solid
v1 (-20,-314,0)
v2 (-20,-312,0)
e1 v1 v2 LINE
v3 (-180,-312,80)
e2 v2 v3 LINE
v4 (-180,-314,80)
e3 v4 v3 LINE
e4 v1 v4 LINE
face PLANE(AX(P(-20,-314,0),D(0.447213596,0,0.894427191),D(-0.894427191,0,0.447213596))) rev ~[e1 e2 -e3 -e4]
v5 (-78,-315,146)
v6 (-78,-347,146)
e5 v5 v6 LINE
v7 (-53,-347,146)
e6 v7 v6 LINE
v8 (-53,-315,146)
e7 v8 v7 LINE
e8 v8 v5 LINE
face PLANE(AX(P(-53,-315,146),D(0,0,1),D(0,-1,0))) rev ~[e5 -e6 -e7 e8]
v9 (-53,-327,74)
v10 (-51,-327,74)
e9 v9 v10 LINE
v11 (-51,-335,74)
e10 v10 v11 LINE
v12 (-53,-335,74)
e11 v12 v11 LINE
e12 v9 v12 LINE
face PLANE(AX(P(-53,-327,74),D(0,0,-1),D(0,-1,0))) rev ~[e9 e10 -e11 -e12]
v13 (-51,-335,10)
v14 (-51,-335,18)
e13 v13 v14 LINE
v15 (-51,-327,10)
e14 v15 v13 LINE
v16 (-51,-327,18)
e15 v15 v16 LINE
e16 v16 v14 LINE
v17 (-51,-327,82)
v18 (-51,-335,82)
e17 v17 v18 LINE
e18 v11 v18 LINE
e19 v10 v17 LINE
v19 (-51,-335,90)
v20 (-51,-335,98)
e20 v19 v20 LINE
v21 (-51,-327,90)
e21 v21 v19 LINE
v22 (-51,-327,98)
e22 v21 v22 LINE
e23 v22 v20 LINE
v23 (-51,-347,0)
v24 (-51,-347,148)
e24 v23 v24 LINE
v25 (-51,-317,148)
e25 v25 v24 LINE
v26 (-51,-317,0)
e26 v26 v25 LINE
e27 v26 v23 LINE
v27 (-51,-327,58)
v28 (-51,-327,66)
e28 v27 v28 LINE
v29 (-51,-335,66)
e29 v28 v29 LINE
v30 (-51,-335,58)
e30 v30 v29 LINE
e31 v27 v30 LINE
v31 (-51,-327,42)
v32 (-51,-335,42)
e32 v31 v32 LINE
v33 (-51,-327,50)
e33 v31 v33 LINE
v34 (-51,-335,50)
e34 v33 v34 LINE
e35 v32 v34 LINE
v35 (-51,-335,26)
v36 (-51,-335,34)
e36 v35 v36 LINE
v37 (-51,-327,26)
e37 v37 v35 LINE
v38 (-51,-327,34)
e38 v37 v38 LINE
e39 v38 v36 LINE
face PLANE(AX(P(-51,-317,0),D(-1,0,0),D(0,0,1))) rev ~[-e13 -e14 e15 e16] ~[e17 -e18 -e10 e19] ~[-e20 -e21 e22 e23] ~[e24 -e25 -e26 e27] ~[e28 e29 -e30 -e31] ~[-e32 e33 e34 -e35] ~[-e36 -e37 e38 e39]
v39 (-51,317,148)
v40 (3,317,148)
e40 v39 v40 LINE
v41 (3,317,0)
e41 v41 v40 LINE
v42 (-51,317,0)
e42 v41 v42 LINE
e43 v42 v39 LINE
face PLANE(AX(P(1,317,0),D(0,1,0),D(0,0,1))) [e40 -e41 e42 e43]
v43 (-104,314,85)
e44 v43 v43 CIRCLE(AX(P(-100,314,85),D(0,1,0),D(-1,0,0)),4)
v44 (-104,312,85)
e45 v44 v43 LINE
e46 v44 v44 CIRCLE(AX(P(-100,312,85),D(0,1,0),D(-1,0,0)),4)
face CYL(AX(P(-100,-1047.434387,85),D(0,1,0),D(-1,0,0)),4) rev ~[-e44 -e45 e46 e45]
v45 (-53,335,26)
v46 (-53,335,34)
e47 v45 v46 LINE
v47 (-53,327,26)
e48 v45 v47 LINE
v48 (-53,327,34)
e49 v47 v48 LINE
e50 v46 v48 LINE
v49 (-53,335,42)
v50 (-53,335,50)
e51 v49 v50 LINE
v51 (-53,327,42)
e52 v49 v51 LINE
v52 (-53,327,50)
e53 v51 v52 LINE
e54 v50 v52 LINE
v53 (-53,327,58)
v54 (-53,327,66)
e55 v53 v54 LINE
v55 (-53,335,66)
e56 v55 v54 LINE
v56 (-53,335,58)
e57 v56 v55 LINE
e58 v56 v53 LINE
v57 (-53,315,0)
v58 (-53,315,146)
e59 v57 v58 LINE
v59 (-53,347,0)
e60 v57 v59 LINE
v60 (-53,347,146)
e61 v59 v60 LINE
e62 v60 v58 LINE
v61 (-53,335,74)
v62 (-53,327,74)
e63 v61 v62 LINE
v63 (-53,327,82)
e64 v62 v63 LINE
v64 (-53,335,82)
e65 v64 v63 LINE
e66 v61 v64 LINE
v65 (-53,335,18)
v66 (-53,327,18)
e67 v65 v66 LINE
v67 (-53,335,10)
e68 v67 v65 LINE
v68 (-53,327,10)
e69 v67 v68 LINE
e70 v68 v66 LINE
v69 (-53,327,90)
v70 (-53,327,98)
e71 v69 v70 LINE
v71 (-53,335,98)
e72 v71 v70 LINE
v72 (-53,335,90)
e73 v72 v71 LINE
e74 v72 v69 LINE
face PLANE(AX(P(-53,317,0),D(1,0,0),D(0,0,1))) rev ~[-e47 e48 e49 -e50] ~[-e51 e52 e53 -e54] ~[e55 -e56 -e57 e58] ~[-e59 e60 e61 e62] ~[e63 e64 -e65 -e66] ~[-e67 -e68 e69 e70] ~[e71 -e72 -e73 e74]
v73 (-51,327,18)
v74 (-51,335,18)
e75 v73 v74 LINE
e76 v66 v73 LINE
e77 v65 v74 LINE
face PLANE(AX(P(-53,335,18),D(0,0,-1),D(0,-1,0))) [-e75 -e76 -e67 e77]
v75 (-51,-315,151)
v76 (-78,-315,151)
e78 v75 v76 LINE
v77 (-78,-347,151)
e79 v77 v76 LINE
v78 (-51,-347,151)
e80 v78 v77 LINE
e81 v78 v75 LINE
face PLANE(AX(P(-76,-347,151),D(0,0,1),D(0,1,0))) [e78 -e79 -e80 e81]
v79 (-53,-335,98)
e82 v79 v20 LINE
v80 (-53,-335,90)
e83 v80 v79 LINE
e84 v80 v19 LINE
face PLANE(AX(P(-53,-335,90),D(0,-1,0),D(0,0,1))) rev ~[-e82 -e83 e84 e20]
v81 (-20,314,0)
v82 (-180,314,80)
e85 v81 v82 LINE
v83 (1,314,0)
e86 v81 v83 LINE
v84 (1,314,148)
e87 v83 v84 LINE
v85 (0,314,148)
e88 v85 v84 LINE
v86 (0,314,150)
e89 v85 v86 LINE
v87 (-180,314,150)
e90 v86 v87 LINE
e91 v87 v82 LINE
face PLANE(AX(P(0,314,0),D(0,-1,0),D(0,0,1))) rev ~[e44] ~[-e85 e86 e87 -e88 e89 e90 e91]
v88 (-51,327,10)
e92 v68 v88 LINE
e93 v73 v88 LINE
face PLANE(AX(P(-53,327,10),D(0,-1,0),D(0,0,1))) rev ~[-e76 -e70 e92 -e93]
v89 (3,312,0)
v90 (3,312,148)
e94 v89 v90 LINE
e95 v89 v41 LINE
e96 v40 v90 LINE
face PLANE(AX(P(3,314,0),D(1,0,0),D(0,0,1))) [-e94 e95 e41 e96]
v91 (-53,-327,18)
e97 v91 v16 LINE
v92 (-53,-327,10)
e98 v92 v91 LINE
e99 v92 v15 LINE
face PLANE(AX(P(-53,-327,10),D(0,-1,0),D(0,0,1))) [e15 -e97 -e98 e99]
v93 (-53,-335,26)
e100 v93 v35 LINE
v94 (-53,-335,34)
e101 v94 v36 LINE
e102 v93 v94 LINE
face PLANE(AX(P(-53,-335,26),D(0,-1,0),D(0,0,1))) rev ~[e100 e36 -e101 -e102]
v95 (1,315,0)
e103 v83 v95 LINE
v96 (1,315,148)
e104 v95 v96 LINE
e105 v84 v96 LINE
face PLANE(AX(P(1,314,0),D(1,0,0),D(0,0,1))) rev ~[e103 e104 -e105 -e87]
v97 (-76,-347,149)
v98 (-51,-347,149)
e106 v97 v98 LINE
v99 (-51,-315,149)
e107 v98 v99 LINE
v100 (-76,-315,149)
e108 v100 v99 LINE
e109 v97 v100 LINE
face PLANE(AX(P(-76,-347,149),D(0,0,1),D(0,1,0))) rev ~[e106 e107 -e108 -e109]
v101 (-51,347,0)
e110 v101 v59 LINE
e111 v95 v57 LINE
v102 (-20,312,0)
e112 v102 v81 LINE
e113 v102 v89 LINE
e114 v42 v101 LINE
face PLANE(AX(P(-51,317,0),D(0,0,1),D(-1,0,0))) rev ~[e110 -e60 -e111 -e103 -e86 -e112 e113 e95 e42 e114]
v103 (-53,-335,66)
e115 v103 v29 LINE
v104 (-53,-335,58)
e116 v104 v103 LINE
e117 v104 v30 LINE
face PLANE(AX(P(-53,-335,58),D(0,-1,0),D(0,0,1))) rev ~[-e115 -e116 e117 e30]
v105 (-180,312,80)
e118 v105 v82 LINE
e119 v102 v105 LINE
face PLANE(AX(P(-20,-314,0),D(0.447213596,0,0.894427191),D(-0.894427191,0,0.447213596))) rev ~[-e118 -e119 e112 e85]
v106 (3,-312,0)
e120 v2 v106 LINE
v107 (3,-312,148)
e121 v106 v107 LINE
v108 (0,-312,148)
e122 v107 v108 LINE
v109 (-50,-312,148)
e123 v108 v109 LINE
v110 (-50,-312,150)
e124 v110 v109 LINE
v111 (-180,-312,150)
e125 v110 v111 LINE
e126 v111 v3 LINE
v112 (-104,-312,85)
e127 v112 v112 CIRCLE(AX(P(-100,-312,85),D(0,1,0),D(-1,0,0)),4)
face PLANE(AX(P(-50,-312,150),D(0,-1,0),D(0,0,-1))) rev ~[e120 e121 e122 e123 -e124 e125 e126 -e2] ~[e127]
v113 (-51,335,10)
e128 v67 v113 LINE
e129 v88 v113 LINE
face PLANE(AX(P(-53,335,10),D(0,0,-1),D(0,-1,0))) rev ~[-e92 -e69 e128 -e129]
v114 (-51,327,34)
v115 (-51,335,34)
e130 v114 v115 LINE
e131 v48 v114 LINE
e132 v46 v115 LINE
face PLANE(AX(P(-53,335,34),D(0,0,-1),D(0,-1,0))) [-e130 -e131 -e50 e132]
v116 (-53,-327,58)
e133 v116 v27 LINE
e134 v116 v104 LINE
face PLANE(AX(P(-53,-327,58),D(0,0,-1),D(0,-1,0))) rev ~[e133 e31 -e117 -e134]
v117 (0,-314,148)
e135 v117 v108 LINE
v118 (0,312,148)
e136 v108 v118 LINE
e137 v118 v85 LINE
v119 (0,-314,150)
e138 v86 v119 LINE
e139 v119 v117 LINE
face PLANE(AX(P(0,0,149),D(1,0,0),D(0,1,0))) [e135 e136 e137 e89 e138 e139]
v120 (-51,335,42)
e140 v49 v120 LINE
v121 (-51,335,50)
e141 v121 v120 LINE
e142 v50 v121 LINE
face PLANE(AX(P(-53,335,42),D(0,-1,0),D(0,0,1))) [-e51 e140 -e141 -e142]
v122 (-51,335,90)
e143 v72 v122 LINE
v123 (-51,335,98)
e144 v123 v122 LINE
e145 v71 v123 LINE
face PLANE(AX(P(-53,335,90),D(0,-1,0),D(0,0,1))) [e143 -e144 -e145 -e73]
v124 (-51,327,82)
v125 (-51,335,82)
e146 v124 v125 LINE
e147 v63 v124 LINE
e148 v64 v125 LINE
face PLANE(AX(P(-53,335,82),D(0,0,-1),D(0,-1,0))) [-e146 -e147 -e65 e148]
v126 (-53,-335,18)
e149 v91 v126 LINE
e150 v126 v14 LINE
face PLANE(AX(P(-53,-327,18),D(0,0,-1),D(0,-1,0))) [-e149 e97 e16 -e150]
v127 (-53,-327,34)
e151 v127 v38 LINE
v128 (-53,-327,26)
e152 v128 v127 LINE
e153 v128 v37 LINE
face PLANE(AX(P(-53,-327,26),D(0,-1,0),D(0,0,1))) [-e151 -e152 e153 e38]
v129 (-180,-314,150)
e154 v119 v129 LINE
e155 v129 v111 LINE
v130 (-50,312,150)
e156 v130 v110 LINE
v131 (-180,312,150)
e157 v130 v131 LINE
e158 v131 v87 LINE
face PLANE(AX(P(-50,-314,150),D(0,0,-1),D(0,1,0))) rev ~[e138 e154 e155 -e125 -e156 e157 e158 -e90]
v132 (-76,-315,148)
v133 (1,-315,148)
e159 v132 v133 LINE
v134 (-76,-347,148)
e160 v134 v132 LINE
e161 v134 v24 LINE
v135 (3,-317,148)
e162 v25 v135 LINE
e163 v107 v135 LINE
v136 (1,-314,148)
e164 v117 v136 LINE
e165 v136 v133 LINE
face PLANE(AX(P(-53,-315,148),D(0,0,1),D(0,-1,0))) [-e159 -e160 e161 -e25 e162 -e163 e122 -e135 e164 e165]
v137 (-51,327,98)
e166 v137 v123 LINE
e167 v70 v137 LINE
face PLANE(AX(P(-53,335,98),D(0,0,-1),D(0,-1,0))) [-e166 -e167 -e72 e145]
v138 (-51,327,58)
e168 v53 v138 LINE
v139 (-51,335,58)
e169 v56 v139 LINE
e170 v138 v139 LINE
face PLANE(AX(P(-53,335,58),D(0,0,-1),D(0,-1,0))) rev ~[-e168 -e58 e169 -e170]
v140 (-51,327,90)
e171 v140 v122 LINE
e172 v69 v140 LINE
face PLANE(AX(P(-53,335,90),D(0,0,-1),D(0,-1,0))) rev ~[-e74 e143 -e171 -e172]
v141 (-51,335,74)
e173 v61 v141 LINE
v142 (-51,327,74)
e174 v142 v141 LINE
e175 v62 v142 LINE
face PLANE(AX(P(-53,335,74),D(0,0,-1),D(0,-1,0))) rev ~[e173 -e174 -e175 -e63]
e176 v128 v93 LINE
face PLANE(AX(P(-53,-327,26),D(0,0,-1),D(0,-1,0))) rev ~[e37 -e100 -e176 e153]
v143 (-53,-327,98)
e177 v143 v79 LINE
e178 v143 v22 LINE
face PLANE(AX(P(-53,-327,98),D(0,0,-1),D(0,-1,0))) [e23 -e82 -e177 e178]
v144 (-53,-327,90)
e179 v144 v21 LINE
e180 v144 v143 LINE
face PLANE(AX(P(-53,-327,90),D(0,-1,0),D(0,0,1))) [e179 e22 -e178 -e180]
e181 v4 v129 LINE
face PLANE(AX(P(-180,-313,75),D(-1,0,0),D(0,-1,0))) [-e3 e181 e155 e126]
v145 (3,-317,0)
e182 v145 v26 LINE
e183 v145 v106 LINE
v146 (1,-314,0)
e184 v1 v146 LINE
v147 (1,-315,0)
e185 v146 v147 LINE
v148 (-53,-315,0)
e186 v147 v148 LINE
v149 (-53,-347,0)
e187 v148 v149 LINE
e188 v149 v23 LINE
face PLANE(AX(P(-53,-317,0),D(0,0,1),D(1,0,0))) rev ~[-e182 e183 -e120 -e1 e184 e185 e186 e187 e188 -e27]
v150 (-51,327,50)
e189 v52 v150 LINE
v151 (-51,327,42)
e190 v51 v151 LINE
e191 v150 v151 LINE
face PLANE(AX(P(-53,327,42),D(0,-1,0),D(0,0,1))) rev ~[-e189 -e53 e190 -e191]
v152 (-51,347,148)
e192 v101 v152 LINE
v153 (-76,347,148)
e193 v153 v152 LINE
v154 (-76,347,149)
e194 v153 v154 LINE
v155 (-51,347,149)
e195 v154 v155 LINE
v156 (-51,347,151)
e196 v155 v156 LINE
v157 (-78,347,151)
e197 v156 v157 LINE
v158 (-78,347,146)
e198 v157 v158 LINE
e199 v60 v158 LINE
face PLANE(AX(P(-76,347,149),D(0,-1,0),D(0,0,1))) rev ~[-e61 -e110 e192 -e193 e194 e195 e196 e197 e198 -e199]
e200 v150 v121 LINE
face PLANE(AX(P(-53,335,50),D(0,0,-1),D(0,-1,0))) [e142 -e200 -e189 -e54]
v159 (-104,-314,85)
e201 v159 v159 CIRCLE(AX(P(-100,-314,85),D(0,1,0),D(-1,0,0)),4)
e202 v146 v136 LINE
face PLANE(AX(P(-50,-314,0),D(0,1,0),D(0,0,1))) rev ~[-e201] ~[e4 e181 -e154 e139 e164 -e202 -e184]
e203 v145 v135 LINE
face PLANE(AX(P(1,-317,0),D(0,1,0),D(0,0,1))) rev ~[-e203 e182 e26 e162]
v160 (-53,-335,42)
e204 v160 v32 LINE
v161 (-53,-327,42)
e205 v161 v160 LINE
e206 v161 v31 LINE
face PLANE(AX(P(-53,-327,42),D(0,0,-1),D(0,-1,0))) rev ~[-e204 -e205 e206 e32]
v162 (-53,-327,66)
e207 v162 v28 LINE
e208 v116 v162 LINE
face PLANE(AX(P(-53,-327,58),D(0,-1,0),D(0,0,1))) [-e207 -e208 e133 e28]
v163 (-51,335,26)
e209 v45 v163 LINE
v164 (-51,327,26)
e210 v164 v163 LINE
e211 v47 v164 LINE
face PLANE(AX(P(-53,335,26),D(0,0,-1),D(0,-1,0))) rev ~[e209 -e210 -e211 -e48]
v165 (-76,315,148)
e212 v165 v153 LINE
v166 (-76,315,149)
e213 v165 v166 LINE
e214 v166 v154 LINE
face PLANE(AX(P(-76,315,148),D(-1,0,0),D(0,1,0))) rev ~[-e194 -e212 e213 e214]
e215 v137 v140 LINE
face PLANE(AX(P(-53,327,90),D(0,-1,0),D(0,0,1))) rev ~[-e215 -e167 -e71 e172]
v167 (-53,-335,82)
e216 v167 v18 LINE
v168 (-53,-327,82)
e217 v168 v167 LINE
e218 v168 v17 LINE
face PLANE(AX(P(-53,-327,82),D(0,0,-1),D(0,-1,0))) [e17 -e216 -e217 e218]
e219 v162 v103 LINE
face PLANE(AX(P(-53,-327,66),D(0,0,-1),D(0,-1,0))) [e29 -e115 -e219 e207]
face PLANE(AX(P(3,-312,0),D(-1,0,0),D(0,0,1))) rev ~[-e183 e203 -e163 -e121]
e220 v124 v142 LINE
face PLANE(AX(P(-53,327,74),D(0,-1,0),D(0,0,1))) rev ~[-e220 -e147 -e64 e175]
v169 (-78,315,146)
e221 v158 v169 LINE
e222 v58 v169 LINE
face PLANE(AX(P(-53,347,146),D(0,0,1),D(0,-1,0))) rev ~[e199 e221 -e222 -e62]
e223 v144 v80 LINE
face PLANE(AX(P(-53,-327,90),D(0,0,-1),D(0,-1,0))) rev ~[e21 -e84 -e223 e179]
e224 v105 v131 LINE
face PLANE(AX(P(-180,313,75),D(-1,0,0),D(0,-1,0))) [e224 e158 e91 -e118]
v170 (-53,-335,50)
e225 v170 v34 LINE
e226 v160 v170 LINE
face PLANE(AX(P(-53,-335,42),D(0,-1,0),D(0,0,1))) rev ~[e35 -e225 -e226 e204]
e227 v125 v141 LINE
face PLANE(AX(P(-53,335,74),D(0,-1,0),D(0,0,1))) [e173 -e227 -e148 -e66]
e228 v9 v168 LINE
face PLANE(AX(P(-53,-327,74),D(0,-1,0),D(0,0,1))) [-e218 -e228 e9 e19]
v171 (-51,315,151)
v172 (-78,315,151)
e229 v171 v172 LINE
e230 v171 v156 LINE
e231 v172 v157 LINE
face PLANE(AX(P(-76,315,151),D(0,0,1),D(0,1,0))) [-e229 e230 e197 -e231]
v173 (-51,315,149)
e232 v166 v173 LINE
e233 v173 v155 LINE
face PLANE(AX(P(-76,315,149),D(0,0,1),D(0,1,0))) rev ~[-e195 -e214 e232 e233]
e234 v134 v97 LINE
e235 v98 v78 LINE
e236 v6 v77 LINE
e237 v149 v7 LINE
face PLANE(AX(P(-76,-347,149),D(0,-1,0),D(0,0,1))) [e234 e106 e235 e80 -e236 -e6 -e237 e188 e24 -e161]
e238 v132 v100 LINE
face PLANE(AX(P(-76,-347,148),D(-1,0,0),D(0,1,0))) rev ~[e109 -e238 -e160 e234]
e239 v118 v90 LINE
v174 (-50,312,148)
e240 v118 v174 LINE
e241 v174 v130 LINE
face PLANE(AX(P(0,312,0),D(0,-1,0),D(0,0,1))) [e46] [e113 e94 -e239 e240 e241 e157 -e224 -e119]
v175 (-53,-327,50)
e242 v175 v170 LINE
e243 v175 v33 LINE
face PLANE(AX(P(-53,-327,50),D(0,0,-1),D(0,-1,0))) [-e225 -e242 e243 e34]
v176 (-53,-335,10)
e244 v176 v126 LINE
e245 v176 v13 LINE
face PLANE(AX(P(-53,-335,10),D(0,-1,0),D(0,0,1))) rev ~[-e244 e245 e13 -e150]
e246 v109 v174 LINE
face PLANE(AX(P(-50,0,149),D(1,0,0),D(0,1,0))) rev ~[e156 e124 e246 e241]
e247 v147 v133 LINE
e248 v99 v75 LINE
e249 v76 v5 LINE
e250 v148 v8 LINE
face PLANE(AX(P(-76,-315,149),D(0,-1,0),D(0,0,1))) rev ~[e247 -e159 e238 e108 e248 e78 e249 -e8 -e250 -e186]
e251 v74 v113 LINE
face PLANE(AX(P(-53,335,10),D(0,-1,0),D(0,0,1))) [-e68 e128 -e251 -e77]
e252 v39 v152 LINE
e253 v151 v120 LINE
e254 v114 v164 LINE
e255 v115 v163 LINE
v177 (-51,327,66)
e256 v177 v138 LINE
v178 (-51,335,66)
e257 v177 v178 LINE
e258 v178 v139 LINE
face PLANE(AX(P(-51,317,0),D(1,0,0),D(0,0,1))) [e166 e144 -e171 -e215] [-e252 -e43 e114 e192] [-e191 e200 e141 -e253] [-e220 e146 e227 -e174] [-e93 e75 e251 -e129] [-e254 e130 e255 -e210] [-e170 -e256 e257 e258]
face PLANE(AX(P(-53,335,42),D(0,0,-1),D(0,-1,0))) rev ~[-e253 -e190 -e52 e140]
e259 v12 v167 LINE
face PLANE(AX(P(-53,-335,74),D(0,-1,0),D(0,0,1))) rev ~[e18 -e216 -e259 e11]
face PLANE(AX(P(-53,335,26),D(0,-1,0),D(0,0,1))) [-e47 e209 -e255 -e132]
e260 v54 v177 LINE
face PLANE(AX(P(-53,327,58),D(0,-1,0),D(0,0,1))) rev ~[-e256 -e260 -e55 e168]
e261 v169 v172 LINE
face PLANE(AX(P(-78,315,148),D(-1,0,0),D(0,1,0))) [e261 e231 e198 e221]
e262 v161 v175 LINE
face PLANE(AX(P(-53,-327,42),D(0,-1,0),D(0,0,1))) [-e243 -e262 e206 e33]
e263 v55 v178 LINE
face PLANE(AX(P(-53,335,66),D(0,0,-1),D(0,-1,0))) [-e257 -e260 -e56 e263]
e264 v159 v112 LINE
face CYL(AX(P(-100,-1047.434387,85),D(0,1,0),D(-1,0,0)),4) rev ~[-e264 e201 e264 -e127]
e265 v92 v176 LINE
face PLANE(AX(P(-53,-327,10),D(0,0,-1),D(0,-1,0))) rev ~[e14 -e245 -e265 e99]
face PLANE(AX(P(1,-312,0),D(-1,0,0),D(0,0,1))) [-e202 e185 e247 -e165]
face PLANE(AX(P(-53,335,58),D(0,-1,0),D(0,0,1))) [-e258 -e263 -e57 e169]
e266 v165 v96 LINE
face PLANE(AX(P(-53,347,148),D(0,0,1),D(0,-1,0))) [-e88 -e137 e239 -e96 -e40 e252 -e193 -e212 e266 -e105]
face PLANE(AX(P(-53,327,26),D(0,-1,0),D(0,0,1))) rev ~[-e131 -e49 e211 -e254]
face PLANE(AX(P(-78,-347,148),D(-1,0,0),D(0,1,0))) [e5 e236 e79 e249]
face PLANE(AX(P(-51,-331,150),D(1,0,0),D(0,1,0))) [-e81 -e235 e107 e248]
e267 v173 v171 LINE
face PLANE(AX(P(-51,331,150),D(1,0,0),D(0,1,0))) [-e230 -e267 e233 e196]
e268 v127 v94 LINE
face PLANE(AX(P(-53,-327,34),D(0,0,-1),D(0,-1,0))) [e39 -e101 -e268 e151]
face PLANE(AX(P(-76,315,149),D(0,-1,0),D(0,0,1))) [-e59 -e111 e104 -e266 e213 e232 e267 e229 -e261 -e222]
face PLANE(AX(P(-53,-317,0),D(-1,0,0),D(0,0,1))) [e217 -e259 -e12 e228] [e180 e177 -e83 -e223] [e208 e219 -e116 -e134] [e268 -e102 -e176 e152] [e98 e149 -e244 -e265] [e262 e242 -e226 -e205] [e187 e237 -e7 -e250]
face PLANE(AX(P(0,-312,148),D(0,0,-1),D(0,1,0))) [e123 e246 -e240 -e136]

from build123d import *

# Parameters (mm, degrees)
F0_W      = 2
F0_H      = 148
F1_DEPTH  = 50
F3_DEPTH  = 130
F4_W      = 2
F4_H      = 148
F5_DEPTH  = 3
F6_W      = 2
F6_H      = 148
F7_DEPTH  = 5
F8_W      = 2
F8_H      = 148
F9_DEPTH  = 54
F10_W     = 2
F10_H     = 148
F11_DEPTH = 30
F13_DEPTH = 761
F14_W     = 2
F14_H     = 148
F15_DEPTH = 3
F16_W     = 2
F16_H     = 148
F17_DEPTH = 54
F18_W     = 2
F18_H     = 148
F19_DEPTH = 30
F20_W     = 32
F20_H     = 2
F21_DEPTH = 25
F22_W     = 2
F22_H     = 32
F23_DEPTH = 3
F24_W     = 32
F24_H     = 2
F25_DEPTH = 25
F26_W     = 8
F26_H     = 8
F27_DEPTH = 25
F28_W     = 32
F28_H     = 2
F29_DEPTH = 25
F30_W     = 2
F30_H     = 32
F31_DEPTH = 3
F32_W     = 32
F32_H     = 2
F33_DEPTH = 25
F34_W     = 8
F34_H     = 8
F35_DEPTH = 25
F37_D     = 8


with BuildPart() as f1:
    # F0 (on Right) → F1 (new body)
    with BuildSketch(Plane.YZ):
        Polygon((314, 150), (-314, 150), (-314, 148), (-312, 148), (312, 148), (314, 148), align=None)
        with Locations((313, 74)):
            Rectangle(F0_W, F0_H)
        with Locations((-313, 74)):
            Rectangle(F0_W, F0_H)
    extrude(amount=-F1_DEPTH)

    # F2 (on face) → F3 (join)
    with BuildSketch(Plane(origin=(-50, 0, 0), x_dir=(0, -1, 0), z_dir=(-1, 0, 0))):
        Polygon((312, 0), (314, 0), (314, 150), (312, 150), (312, 148), align=None)
        Polygon((-312, 0), (-312, 148), (-312, 150), (-314, 150), (-314, 0), align=None)
    extrude(amount=F3_DEPTH)

    # F4 (on face) → F5 (join)
    with BuildSketch(Plane.YZ):
        with Locations((313, 74)):
            Rectangle(F4_W, F4_H)
        with Locations((-313, 74)):
            Rectangle(F4_W, F4_H)
    extrude(amount=F5_DEPTH)

    # F6 (on face) → F7 (join)
    with BuildSketch(Plane(origin=(0, -312, 0), x_dir=(-1, 0, 0), z_dir=(0, 1, 0))):
        with Locations((-2, 74)):
            Rectangle(F6_W, F6_H)
    extrude(amount=-F7_DEPTH)

    # F8 (on face) → F9 (join)
    with BuildSketch(Plane(origin=(1, 0, 0), x_dir=(0, -1, 0), z_dir=(-1, 0, 0))):
        with Locations((316, 74)):
            Rectangle(F8_W, F8_H)
    extrude(amount=F9_DEPTH)

    # F10 (on face) → F11 (join)
    with BuildSketch(Plane.XZ.offset(317)):
        with Locations((-52, 74)):
            Rectangle(F10_W, F10_H)
    extrude(amount=F11_DEPTH)

    # F12 (on face) → F13 (cut)
    with BuildSketch(Plane.XZ.offset(314)):
        Polygon((-180, 0), (-20, 0), (-180, 80), align=None)
    extrude(amount=-F13_DEPTH, mode=Mode.SUBTRACT)

    # F14 (on face) → F15 (join)
    with BuildSketch(Plane(origin=(0, 314, 0), x_dir=(-1, 0, 0), z_dir=(0, 1, 0))):
        with Locations((-2, 74)):
            Rectangle(F14_W, F14_H)
    extrude(amount=F15_DEPTH)

    # F16 (on face) → F17 (join)
    with BuildSketch(Plane(origin=(1, 0, 0), x_dir=(0, -1, 0), z_dir=(-1, 0, 0))):
        with Locations((-316, 74)):
            Rectangle(F16_W, F16_H)
    extrude(amount=F17_DEPTH)

    # F18 (on face) → F19 (join)
    with BuildSketch(Plane(origin=(0, 317, 0), x_dir=(-1, 0, 0), z_dir=(0, 1, 0))):
        with Locations((52, 74)):
            Rectangle(F18_W, F18_H)
    extrude(amount=F19_DEPTH)

    # F20 (on face) → F21 (join)
    with BuildSketch(Plane(origin=(-53, 0, 0), x_dir=(0, -1, 0), z_dir=(-1, 0, 0))):
        with Locations((-331, 147)):
            Rectangle(F20_W, F20_H)
    extrude(amount=F21_DEPTH)

    # F22 (on face) → F23 (join)
    with BuildSketch(Plane.XY.offset(148)):
        with Locations((-77, 331)):
            Rectangle(F22_W, F22_H)
    extrude(amount=F23_DEPTH)

    # F24 (on face) → F25 (join)
    with BuildSketch(Plane.YZ.offset(-76)):
        with Locations((331, 150)):
            Rectangle(F24_W, F24_H)
    extrude(amount=F25_DEPTH)

    # F26 (on face) → F27 (cut)
    with BuildSketch(Plane(origin=(-53, 0, 0), x_dir=(0, -1, 0), z_dir=(-1, 0, 0))):
        with Locations((-331, 94)):
            Rectangle(F26_W, F26_H)
        with Locations((-331, 78)):
            Rectangle(F26_W, F26_H)
        with Locations((-331, 62)):
            Rectangle(F26_W, F26_H)
        with Locations((-331, 46)):
            Rectangle(F26_W, F26_H)
        with Locations((-331, 30)):
            Rectangle(F26_W, F26_H)
        with Locations((-331, 14)):
            Rectangle(F26_W, F26_H)
    extrude(amount=-F27_DEPTH, mode=Mode.SUBTRACT)

    # F28 (on face) → F29 (join)
    with BuildSketch(Plane(origin=(-53, 0, 0), x_dir=(0, -1, 0), z_dir=(-1, 0, 0))):
        with Locations((331, 147)):
            Rectangle(F28_W, F28_H)
    extrude(amount=F29_DEPTH)

    # F30 (on face) → F31 (join)
    with BuildSketch(Plane.XY.offset(148)):
        with Locations((-77, -331)):
            Rectangle(F30_W, F30_H)
    extrude(amount=F31_DEPTH)

    # F32 (on face) → F33 (join)
    with BuildSketch(Plane.YZ.offset(-76)):
        with Locations((-331, 150)):
            Rectangle(F32_W, F32_H)
    extrude(amount=F33_DEPTH)

    # F34 (on face) → F35 (cut)
    with BuildSketch(Plane(origin=(-53, 0, 0), x_dir=(0, -1, 0), z_dir=(-1, 0, 0))):
        with Locations((331, 78)):
            Rectangle(F34_W, F34_H)
        with Locations((331, 62)):
            Rectangle(F34_W, F34_H)
        with Locations((331, 46)):
            Rectangle(F34_W, F34_H)
        with Locations((331, 30)):
            Rectangle(F34_W, F34_H)
        with Locations((331, 14)):
            Rectangle(F34_W, F34_H)
        with Locations((331, 94)):
            Rectangle(F34_W, F34_H)
    extrude(amount=-F35_DEPTH, mode=Mode.SUBTRACT)

    # F37 (through all)
    with Locations(Plane.XZ.offset(314)):
        with Locations((-100, 85)):
            Hole(F37_D / 2)


solid = f1.part
